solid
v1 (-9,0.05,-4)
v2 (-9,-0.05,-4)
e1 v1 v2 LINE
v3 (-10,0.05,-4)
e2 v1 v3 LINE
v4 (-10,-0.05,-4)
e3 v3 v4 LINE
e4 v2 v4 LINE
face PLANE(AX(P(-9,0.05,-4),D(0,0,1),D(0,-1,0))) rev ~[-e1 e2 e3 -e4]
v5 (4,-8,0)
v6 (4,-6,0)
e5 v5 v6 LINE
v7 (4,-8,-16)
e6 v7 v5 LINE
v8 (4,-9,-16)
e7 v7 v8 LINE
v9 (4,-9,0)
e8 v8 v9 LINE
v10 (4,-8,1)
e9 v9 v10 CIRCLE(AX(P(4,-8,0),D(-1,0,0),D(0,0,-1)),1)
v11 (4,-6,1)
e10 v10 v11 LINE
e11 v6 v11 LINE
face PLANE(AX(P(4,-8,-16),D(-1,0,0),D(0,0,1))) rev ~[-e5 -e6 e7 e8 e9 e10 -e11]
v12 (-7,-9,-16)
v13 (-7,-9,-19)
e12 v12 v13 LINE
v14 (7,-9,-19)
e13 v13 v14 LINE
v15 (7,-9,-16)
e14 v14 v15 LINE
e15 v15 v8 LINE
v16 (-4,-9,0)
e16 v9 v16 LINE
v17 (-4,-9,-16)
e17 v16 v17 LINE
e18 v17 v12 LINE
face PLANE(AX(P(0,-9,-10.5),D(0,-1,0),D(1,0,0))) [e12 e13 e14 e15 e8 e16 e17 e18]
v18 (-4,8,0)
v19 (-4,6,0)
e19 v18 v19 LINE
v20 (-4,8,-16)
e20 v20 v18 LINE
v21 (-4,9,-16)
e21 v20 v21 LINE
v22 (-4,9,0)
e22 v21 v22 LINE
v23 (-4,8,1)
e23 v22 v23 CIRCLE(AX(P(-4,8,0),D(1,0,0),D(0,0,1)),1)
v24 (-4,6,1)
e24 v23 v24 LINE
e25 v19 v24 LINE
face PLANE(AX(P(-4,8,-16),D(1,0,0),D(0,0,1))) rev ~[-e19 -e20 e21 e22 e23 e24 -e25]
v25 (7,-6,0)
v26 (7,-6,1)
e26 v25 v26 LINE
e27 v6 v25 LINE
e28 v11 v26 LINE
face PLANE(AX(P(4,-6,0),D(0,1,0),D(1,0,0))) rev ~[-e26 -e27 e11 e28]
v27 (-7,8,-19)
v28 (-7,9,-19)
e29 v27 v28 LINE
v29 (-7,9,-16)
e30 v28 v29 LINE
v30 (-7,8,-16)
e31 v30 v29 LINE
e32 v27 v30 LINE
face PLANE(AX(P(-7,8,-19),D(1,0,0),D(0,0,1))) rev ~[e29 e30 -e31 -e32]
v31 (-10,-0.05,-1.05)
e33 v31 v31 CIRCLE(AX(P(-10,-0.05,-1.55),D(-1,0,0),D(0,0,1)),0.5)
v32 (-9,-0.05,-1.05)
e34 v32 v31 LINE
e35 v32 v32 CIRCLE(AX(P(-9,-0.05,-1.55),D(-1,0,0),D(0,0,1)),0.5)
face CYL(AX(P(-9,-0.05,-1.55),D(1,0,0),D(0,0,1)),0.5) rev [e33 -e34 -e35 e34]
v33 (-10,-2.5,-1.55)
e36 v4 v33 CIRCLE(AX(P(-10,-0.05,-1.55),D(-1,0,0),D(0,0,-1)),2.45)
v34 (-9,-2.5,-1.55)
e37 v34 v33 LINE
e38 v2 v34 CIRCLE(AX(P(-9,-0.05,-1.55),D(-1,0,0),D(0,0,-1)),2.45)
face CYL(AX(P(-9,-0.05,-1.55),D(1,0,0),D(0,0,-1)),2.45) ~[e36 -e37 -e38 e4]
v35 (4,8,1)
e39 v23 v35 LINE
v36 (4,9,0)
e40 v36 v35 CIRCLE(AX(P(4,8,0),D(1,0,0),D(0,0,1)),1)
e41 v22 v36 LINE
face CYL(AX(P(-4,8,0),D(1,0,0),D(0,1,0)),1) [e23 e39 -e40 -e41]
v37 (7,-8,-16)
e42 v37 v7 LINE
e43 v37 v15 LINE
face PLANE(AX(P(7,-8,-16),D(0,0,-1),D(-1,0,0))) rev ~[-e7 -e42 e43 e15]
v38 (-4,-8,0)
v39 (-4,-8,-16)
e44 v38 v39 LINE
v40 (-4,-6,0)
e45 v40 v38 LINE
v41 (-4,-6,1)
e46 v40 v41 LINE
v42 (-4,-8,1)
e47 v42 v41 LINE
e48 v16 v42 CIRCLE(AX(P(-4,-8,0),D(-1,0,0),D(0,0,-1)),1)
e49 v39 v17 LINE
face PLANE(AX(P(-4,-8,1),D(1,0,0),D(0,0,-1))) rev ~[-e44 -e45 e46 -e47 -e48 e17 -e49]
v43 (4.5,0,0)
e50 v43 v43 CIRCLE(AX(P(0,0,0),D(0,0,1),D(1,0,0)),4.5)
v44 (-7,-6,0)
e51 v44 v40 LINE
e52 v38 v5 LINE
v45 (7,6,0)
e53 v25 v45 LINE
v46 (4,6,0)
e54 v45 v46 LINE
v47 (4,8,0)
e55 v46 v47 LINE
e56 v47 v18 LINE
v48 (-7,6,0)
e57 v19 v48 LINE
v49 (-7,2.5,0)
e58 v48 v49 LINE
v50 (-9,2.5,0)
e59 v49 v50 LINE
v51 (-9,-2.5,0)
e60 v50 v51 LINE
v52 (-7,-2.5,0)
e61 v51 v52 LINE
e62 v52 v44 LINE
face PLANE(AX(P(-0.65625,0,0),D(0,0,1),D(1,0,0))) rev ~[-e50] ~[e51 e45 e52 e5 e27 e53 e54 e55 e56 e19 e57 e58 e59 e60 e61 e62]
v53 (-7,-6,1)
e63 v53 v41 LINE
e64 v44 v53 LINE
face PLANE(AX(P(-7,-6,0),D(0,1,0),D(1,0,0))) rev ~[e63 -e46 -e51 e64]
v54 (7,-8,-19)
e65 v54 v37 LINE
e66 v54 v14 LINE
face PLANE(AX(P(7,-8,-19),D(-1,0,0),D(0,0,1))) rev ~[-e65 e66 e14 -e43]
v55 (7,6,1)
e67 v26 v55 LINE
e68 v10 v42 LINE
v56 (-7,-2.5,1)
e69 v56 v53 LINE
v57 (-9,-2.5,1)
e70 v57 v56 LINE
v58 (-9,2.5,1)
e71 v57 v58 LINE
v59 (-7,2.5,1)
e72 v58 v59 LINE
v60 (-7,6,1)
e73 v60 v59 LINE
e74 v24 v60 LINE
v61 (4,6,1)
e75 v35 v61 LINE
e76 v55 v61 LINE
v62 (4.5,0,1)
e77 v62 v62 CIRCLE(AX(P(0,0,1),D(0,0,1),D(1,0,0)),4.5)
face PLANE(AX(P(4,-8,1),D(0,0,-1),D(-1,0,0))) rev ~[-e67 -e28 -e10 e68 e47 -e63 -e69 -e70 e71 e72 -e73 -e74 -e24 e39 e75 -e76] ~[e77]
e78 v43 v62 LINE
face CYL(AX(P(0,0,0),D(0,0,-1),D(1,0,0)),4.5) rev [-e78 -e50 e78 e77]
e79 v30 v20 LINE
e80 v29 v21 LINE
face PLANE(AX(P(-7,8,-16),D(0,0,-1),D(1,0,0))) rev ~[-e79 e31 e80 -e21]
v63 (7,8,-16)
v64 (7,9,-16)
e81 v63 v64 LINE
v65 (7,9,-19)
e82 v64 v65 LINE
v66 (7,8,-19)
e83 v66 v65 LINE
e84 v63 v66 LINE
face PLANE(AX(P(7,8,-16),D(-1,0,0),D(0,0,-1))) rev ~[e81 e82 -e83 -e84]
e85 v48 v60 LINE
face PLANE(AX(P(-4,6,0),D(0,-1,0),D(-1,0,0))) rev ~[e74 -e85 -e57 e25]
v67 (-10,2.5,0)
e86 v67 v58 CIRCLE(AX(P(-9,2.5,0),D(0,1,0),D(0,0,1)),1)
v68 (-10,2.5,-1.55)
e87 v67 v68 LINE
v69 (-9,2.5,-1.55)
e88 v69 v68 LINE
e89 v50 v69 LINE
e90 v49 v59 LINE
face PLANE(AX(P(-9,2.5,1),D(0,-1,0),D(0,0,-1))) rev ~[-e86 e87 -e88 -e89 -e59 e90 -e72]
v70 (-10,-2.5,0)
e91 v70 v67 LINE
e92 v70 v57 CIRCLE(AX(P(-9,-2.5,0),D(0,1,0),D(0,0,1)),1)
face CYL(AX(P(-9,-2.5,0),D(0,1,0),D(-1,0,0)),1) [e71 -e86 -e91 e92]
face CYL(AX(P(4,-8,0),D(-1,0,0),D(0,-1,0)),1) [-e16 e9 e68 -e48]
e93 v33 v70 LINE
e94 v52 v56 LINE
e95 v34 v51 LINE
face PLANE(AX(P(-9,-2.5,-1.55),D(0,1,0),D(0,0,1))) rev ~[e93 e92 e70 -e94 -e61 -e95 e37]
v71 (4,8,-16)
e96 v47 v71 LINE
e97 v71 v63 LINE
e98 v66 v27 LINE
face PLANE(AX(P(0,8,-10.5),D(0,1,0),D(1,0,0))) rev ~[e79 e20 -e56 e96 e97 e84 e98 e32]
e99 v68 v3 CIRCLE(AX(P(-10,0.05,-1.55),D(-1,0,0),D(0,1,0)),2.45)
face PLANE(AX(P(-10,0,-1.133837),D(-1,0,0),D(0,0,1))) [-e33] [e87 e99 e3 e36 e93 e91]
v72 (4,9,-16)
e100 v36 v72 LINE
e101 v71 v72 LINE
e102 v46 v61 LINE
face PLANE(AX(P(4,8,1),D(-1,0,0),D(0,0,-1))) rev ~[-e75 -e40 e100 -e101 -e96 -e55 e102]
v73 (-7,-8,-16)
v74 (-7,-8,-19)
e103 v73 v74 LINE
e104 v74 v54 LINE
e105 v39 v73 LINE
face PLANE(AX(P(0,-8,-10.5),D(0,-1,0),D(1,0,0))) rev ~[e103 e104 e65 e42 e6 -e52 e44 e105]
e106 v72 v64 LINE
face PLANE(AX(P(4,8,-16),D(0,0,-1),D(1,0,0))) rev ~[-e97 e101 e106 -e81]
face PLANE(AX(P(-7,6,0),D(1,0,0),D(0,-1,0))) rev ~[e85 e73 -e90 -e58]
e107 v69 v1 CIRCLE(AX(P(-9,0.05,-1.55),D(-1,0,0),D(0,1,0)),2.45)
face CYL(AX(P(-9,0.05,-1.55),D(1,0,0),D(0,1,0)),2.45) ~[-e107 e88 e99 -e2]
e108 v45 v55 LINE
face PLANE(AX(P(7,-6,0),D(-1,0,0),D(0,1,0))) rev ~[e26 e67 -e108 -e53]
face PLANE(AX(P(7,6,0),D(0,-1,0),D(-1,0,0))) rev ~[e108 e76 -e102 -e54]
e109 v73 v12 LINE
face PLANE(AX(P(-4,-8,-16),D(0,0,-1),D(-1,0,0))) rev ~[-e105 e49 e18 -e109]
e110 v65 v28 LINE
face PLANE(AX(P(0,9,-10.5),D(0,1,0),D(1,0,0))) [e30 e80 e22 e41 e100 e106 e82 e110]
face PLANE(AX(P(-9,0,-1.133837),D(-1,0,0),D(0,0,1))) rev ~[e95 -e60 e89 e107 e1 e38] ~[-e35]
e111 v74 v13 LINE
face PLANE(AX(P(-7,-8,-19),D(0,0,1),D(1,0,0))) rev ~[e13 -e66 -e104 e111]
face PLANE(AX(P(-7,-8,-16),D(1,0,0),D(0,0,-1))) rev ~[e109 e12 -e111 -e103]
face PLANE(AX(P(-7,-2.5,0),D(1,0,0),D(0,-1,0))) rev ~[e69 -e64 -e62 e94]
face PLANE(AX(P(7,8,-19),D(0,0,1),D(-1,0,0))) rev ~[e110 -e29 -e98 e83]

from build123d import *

# Parameters (mm, degrees)
SKETCH1_R           = 4.5
BOSS_EXTRUDE1_DEPTH = 1
SKETCH2_R           = 0.5
BOSS_EXTRUDE2_DEPTH = 1
BOSS_EXTRUDE3_DEPTH = 1
BOSS_EXTRUDE4_DEPTH = 1
FILLET1_R           = 1


with BuildPart() as part:
    # Sketch1 → Boss-Extrude1 (new body)
    with BuildSketch(Plane.XY):
        Polygon((4, 6), (4, 8), (-4, 8), (-4, 6), (-7, 6), (-7, 2.5), (-9, 2.5), (-9, -2.5), (-7, -2.5), (-7, -6), (-4, -6), (-4, -8), (4, -8), (4, -6), (7, -6), (7, 6), align=None)
        Circle(SKETCH1_R, mode=Mode.SUBTRACT)
    extrude(amount=BOSS_EXTRUDE1_DEPTH)

    # Sketch2 → Boss-Extrude2 (add)
    with BuildSketch(Plane.ZY.offset(9)):
        with BuildLine():
            Line((1, 2.5), (-1.55, 2.5))
            ThreePointArc((-1.55, 2.5), (-3.282411614, 1.782411614), (-4, 0.05))
            Line((-4, 0.05), (-4, -0.05))
            ThreePointArc((-4, -0.05), (-3.282411614, -1.782411614), (-1.55, -2.5))
            Line((-1.55, -2.5), (1, -2.5))
            Line((1, -2.5), (1, 2.5))
        make_face()
        with Locations((-1.55, -0.05)):
            Circle(SKETCH2_R, mode=Mode.SUBTRACT)
    extrude(amount=BOSS_EXTRUDE2_DEPTH)

    # Sketch3 → Boss-Extrude3 (add)
    with BuildSketch(Plane(origin=(0, 8, 0), x_dir=(1, 0, 0), z_dir=(0, 1, 0))):
        Polygon((4, 0), (4, 16), (7, 16), (7, 19), (-7, 19), (-7, 16), (-4, 16), (-4, 0), (-4, -1), (4, -1), align=None)
    extrude(amount=BOSS_EXTRUDE3_DEPTH)

    # Sketch4 → Boss-Extrude4 (add)
    with BuildSketch(Plane.XZ.offset(8)):
        Polygon((-4, 1), (-4, -16), (-7, -16), (-7, -19), (7, -19), (7, -16), (4, -16), (4, 1), align=None)
    extrude(amount=BOSS_EXTRUDE4_DEPTH)

    # Fillet1
    fillet1_edges = [part.edges().sort_by_distance(p)[0] for p in [
        (-10, 0, 1),
        (0, 9, 1),
        (0, -9, 1),
    ]]
    fillet(fillet1_edges, radius=FILLET1_R)


solid = part.part
